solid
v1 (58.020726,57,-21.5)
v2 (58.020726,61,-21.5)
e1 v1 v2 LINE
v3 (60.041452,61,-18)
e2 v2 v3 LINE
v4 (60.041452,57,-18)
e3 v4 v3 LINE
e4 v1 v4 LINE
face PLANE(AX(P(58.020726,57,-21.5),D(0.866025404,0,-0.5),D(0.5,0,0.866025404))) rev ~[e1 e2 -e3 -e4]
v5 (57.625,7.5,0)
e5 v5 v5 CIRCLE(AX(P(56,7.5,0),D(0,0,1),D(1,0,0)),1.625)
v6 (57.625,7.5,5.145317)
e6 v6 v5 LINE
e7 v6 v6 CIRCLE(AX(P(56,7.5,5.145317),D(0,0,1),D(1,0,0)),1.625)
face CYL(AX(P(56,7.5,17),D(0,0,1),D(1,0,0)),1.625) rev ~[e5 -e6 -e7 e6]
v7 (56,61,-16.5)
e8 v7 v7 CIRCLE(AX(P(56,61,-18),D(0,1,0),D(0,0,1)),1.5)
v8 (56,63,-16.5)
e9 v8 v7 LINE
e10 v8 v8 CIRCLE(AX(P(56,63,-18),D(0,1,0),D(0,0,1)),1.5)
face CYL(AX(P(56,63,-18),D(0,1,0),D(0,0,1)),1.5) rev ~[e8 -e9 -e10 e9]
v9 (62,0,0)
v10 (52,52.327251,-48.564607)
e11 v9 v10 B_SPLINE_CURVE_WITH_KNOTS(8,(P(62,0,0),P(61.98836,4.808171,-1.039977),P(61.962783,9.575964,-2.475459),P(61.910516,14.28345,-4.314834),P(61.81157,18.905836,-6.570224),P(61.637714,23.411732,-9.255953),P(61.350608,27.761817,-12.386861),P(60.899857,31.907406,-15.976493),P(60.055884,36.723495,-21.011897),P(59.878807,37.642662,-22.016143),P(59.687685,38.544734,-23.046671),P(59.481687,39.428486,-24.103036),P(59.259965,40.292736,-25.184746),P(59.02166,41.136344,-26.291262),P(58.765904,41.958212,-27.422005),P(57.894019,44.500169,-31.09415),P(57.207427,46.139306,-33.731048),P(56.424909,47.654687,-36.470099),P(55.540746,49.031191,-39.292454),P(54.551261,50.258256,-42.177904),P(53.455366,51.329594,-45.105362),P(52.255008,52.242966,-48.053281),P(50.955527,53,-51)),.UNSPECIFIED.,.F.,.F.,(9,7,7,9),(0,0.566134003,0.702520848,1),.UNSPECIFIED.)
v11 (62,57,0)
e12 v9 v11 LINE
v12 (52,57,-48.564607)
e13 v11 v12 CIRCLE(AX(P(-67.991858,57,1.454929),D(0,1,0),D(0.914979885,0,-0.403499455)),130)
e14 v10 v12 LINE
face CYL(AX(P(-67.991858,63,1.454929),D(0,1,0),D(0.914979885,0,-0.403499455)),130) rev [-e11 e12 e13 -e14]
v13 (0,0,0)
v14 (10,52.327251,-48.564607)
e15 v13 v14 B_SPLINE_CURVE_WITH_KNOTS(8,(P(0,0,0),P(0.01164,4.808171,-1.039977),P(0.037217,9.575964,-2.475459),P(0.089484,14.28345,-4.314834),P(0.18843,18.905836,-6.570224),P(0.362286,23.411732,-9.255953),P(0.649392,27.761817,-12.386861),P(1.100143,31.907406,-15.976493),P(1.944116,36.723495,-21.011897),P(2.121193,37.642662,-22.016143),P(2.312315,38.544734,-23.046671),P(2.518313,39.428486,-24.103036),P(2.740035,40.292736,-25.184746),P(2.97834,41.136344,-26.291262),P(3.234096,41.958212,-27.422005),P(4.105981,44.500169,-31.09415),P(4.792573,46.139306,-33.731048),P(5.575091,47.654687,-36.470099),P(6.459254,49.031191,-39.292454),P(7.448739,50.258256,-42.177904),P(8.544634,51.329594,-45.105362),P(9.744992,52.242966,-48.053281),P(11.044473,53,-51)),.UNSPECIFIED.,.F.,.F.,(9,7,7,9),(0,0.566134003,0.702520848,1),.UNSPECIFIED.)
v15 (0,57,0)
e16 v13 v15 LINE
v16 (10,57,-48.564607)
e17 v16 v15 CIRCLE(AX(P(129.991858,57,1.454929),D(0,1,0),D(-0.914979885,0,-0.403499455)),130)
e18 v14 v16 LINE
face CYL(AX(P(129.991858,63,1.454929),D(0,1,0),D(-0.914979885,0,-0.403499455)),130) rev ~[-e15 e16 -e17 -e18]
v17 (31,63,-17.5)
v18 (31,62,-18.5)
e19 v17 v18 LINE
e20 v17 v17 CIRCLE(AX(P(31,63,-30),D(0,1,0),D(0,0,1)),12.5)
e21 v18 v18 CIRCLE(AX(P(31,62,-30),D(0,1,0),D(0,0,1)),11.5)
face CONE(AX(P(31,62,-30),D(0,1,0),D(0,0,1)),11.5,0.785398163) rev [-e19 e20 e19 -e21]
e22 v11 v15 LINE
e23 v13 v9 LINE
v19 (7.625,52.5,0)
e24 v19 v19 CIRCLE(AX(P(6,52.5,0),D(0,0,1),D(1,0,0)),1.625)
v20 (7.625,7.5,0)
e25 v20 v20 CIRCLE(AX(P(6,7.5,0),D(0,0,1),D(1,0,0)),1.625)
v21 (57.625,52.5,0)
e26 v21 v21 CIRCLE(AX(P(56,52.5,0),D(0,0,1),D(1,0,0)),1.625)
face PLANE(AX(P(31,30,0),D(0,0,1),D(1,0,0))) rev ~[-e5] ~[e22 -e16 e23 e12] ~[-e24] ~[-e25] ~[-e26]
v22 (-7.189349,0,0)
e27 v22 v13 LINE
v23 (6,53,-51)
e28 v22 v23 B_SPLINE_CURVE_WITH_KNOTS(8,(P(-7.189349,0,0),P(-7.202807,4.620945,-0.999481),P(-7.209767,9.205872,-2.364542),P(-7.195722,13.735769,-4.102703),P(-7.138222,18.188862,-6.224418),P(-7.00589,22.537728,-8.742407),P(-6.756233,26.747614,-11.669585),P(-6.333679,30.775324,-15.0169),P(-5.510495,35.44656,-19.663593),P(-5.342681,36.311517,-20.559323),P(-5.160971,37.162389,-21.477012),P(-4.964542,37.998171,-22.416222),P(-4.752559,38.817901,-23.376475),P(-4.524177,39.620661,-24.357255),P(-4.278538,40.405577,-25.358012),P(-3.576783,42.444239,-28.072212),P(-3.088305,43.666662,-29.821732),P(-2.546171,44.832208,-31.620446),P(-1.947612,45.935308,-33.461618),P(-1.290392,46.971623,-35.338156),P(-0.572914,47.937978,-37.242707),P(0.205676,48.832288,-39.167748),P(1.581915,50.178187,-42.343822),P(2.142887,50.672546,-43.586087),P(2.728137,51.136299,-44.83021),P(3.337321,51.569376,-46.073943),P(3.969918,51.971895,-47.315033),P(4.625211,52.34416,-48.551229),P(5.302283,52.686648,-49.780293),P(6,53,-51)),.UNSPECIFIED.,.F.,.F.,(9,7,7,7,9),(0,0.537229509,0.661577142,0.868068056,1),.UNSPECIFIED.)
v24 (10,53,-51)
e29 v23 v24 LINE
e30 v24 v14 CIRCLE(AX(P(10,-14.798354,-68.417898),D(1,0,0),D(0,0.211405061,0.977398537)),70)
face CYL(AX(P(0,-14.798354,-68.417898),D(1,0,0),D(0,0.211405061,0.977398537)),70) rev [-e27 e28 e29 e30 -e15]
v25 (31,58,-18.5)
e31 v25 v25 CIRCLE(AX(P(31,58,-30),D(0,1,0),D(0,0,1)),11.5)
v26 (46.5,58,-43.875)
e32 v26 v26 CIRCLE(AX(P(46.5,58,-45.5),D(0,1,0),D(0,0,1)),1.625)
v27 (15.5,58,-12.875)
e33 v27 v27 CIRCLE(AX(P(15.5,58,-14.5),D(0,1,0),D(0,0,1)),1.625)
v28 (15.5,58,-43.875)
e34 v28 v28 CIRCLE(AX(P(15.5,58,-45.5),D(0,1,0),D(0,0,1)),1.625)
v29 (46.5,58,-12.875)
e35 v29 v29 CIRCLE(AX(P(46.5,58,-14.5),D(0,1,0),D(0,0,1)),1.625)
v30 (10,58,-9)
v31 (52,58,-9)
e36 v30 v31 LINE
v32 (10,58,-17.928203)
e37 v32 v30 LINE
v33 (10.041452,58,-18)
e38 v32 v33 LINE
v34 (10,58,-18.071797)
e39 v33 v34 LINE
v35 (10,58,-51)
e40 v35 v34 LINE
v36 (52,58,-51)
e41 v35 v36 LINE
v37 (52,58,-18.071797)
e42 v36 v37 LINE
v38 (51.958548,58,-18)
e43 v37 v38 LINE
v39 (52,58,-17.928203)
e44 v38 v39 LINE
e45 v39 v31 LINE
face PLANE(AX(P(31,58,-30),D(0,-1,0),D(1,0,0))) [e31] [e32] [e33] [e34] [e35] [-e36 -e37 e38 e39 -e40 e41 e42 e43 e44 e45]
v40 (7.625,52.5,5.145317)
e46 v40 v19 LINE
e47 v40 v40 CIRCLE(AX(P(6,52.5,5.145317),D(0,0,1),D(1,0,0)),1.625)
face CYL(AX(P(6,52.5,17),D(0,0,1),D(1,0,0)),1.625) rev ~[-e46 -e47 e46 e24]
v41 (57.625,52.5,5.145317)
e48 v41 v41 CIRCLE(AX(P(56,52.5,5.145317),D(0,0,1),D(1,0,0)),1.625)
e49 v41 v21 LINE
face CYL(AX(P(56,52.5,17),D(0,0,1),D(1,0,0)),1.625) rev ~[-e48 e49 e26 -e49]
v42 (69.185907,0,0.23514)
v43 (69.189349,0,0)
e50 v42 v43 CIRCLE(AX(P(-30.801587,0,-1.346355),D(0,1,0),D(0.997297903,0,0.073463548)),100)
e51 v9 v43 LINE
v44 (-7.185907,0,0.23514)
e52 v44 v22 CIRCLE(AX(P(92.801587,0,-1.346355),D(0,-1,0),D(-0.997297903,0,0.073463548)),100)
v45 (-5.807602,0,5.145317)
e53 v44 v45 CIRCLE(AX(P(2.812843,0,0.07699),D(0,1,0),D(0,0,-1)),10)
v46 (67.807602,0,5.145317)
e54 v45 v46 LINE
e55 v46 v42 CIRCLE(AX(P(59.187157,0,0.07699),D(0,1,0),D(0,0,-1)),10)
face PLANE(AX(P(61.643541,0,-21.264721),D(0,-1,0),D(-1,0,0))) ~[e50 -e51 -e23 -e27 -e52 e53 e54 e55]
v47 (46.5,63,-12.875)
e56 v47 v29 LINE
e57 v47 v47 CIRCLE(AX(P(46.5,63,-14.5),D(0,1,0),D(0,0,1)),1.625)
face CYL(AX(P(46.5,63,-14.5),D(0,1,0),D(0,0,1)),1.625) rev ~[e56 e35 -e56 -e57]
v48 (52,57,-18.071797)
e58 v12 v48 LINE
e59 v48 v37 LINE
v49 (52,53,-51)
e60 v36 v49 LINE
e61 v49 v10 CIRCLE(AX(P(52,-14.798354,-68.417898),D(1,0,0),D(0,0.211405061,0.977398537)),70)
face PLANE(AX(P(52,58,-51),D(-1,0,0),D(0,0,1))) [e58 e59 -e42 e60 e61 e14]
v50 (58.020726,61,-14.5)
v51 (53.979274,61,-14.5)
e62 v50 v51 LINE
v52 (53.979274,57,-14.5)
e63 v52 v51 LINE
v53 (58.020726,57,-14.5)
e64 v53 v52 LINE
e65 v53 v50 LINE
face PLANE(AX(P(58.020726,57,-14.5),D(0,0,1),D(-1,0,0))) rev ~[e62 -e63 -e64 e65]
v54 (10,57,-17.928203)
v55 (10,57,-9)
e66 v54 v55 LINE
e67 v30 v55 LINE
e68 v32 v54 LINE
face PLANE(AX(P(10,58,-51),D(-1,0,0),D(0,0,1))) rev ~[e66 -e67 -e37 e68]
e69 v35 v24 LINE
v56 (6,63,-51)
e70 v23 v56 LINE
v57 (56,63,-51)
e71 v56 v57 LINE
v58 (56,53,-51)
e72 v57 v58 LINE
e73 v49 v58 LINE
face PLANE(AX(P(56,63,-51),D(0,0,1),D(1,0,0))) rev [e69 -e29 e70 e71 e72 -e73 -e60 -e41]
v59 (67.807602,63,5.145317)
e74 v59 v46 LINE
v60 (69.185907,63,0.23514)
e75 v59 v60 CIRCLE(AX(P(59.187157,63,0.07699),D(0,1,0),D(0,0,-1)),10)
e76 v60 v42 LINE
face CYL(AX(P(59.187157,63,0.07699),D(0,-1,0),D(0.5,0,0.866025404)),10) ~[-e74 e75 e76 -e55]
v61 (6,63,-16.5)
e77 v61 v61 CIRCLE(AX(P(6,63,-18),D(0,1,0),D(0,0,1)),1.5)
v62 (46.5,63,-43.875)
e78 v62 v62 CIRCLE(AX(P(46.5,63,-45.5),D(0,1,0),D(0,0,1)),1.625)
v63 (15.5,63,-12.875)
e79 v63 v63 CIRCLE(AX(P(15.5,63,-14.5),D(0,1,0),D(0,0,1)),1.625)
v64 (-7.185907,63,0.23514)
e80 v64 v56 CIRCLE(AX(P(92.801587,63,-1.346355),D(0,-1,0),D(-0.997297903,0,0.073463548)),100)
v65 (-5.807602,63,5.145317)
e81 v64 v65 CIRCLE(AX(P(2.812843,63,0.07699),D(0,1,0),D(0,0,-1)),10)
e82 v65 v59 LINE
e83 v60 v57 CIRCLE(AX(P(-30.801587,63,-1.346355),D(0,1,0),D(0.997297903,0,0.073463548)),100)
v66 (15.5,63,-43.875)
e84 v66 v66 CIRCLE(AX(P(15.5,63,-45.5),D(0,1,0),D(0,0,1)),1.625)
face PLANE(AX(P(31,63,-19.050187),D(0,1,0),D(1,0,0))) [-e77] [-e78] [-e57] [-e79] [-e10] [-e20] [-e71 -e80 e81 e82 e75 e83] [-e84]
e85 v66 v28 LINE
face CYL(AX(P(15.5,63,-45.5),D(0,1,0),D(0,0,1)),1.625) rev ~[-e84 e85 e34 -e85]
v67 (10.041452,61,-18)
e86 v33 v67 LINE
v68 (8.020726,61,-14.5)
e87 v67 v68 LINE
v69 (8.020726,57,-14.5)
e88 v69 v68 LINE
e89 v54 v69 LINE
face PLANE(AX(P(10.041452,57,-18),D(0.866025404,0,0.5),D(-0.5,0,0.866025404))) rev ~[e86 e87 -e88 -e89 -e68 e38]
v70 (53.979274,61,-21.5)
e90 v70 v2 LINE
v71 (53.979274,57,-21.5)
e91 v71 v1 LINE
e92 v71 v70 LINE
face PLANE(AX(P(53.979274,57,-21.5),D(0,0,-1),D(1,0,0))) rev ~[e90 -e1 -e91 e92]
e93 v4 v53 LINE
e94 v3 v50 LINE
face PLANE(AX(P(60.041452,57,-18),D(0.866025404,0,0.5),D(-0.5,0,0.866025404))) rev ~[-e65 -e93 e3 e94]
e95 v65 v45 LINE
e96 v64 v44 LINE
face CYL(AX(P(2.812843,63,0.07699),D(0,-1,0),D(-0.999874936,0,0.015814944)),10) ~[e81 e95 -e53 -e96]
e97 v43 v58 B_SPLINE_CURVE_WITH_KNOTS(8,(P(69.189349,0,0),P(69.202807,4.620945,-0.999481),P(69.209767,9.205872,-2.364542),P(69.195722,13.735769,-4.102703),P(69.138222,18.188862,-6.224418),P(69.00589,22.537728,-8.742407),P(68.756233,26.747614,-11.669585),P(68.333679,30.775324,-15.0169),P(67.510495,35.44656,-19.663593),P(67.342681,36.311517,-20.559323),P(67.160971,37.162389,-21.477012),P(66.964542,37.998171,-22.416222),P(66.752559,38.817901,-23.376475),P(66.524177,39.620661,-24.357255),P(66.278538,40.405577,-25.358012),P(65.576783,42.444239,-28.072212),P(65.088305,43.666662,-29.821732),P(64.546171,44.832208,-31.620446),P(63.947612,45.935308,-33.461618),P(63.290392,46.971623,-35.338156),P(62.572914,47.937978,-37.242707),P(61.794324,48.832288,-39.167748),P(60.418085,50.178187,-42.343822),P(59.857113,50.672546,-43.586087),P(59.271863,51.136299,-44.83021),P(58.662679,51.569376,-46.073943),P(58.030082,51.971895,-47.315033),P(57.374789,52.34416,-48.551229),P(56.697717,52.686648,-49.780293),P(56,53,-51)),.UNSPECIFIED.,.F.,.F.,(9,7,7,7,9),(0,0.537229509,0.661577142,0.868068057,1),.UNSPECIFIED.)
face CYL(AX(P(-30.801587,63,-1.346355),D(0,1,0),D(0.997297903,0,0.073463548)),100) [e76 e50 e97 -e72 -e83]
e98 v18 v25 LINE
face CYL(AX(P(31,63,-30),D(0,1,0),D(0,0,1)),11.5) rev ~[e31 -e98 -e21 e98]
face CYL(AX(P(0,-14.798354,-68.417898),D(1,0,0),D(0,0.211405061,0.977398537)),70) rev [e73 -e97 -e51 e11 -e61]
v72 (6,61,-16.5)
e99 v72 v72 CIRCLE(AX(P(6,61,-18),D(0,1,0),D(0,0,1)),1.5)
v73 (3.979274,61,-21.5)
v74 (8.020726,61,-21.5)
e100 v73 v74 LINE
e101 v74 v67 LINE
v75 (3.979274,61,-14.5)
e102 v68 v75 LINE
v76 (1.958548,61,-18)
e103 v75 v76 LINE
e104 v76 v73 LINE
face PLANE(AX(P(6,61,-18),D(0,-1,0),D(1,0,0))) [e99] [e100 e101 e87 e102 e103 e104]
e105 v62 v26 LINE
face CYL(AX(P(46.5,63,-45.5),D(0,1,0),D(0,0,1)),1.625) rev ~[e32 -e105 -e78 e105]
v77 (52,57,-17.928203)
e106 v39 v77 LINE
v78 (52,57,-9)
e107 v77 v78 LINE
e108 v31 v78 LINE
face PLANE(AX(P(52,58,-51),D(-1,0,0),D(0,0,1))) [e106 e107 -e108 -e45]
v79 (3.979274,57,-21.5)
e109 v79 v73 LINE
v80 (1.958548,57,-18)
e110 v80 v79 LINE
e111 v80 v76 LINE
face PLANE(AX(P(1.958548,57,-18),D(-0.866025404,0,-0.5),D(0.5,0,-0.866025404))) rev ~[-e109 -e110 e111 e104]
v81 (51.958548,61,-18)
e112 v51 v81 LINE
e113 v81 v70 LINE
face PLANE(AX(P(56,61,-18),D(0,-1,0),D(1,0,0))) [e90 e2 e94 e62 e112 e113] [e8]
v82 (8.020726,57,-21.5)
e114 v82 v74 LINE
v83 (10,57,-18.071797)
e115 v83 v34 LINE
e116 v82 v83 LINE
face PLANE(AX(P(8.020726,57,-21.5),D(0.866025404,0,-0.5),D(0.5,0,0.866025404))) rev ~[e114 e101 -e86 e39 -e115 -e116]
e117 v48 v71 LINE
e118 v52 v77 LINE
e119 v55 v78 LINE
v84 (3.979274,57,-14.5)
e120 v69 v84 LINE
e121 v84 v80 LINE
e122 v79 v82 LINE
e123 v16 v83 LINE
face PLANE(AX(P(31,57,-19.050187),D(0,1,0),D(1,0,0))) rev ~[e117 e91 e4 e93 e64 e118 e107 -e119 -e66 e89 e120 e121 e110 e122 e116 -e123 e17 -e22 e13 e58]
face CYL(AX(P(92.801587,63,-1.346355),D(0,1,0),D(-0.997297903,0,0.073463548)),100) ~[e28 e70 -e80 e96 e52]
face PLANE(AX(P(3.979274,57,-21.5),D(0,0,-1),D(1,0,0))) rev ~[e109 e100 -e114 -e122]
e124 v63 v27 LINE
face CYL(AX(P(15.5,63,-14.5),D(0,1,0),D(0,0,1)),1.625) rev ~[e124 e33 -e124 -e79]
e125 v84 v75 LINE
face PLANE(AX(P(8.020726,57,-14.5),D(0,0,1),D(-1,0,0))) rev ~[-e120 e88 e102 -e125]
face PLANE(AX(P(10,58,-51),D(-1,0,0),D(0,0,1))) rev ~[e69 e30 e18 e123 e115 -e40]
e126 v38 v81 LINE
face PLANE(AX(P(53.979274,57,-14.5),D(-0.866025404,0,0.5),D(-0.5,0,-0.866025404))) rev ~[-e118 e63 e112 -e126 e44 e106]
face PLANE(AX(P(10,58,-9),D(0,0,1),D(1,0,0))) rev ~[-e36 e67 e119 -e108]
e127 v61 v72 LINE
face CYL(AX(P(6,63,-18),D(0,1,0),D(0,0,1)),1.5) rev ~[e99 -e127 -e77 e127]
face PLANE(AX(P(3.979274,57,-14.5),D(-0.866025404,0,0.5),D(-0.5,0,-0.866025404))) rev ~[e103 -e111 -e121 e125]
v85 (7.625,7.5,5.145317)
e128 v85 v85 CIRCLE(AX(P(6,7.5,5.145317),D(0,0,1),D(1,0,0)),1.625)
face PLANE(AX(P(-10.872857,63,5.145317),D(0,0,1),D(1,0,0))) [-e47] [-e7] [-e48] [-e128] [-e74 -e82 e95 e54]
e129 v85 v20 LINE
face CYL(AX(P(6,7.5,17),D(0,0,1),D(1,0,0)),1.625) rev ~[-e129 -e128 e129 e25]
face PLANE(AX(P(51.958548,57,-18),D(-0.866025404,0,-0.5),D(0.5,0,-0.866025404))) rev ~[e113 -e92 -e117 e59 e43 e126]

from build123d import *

# Parameters (mm, degrees)
ESQUISSE1_W                  = 62
ESQUISSE1_H                  = 60
BOSS_EXTRU_1_DEPTH           = 10
ESQUISSE3_R                  = 5
BOSS_EXTRU_2_DEPTH           = 5
ESQUISSE4_R                  = 3.5
BOSS_EXTRU_3_DEPTH           = 2
ESQUISSE5_R                  = 1.625
ENL_V_MAT_EXTRU_2_DEPTH      = 88.93747779
BOSS_EXTRU_4_DEPTH           = 3
ESQUISSE9_R                  = 11.5
ESQUISSE9_R_2                = 1.625
ESQUISSE9_R_3                = 1.5
ENL_V_MAT_EXTRU_4_DEPTH      = 10
BOSS_EXTRU_6_DEPTH           = 63
ENL_V_MAT_EXTRU_6_DEPTH      = 4
ENL_V_MAT_EXTRU_7_DEPTH      = 102
ENL_V_MAT_EXTRU_8_DEPTH      = 23
ENL_V_MAT_EXTRU_8_DEPTH_BACK = 1
ESQUISSE19_W                 = 42
ESQUISSE19_H                 = 42
CHANFREIN1_SIZE              = 1
CONG_1_R                     = 10
ESQUISSE20_W                 = 78.680458436
ESQUISSE20_H                 = 17.435551952
ENL_V_MAT_EXTRU_9_DEPTH      = 107.575890285


with BuildPart() as part:
    # Esquisse1 → Boss.-Extru.1 (new body)
    with BuildSketch(Plane.XY):
        with Locations((31, 30)):
            Rectangle(ESQUISSE1_W, ESQUISSE1_H)
    extrude(amount=BOSS_EXTRU_1_DEPTH)

    # Esquisse3 → Boss.-Extru.2 (add)
    with BuildSketch(Plane.XY.offset(10)):
        with Locations(Location((6, 52.5, 0), (0, 0, 180))):
            Circle(ESQUISSE3_R)
        with Locations(Location((56, 7.5, 0), (0, 0, 180))):
            Circle(ESQUISSE3_R)
        with Locations(Location((6, 7.5, 0), (0, 0, 180))):
            Circle(ESQUISSE3_R)
        with Locations(Location((56, 52.5, 0), (0, 0, 180))):
            Circle(ESQUISSE3_R)
    extrude(amount=BOSS_EXTRU_2_DEPTH)

    # Esquisse4 → Boss.-Extru.3 (add)
    with BuildSketch(Plane.XY.offset(15)):
        with Locations((6, 52.5)):
            Circle(ESQUISSE4_R)
        with Locations((56, 52.5)):
            Circle(ESQUISSE4_R)
        with Locations((56, 7.5)):
            Circle(ESQUISSE4_R)
        with Locations((6, 7.5)):
            Circle(ESQUISSE4_R)
    extrude(amount=BOSS_EXTRU_3_DEPTH)

    # Esquisse5 → Enlèv. mat.-Extru.2 (cut, through all)
    with BuildSketch(Plane.XY.offset(17)):
        with Locations((6, 52.5)):
            Circle(ESQUISSE5_R)
        with Locations((56, 52.5)):
            Circle(ESQUISSE5_R)
        with Locations((56, 7.5)):
            Circle(ESQUISSE5_R)
        with Locations((6, 7.5)):
            Circle(ESQUISSE5_R)
    extrude(amount=-ENL_V_MAT_EXTRU_2_DEPTH, mode=Mode.SUBTRACT)

    # Esquisse7 → Boss.-Extru.4 (add, symmetric)
    with BuildSketch(Plane(origin=(0, 60, 0), x_dir=(1, 0, 0), z_dir=(0, 1, 0))):
        with BuildLine():
            Line((0, 0), (0, -10))
            Line((0, -10), (62, -10))
            Line((62, -10), (62, 0))
            ThreePointArc((62, 0), (61.543258885, 25.799206928), (56, 51))
            Line((56, 51), (6, 51))
            ThreePointArc((6, 51), (0.456741115, 25.799206928), (0, 0))
        make_face()
    extrude(amount=BOSS_EXTRU_4_DEPTH, both=True)

    # Esquisse9 → Enlèv. mat.-Extru.4 (cut)
    with BuildSketch(Plane(origin=(0, 63, 0), x_dir=(1, 0, 0), z_dir=(0, 1, 0))):
        with Locations(Location((31, 30, 0), (0, 0, 270))):
            Circle(ESQUISSE9_R)
        with Locations(Location((46.5, 14.5, 0), (0, 0, 270))):
            Circle(ESQUISSE9_R_2)
        with Locations(Location((15.5, 14.5, 0), (0, 0, 270))):
            Circle(ESQUISSE9_R_2)
        with Locations(Location((15.5, 45.5, 0), (0, 0, 270))):
            Circle(ESQUISSE9_R_2)
        with Locations(Location((46.5, 45.5, 0), (0, 0, 270))):
            Circle(ESQUISSE9_R_2)
        with Locations(Location((56, 18, 0), (0, 0, 270))):
            Circle(ESQUISSE9_R_3)
        with Locations(Location((6, 18, 0), (0, 0, 270))):
            Circle(ESQUISSE9_R_3)
    extrude(amount=-ENL_V_MAT_EXTRU_4_DEPTH, mode=Mode.SUBTRACT)

    # Esquisse14 → Boss.-Extru.6 (add)
    with BuildSketch(Plane(origin=(0, 63, 0), x_dir=(1, 0, 0), z_dir=(0, 1, 0))):
        with BuildLine():
            Line((0, 0), (0, -10))
            Line((0, -10), (-6.92820323, -6))
            ThreePointArc((-6.92820323, -6), (-4.721429116, 23.465606932), (6, 51))
            Line((6, 51), (11.044473074, 51))
            ThreePointArc((11.044473074, 51), (2.937001082, 26.059854184), (0, 0))
        make_face()
    boss_extru_6 = extrude(amount=-BOSS_EXTRU_6_DEPTH)

    # Symétrie1: Boss.-Extru.6 across plane
    add(boss_extru_6.mirror(Plane(origin=(31, 0, 0), x_dir=(0, 0, 1), z_dir=(1, 0, 0))))

    # Esquisse16 → Enlèv. mat.-Extru.6 (cut)
    with BuildSketch(Plane.XZ.offset(-57)):
        Polygon((10.041451884, -18), (8.020725942, -14.5), (3.979274058, -14.5), (1.958548116, -18), (3.979274058, -21.5), (8.020725942, -21.5), align=None)
        Polygon((60.041451884, -18), (58.020725942, -14.5), (53.979274058, -14.5), (51.958548116, -18), (53.979274058, -21.5), (58.020725942, -21.5), align=None)
    extrude(amount=-ENL_V_MAT_EXTRU_6_DEPTH, mode=Mode.SUBTRACT)

    # Esquisse18 → Enlèv. mat.-Extru.7 (cut, symmetric)
    with BuildSketch(Plane(origin=(0, 0, 0), x_dir=(0, 0, -1), z_dir=(1, 0, 0))):
        with BuildLine():
            Line((51, 53), (51, 0))
            Line((51, 0), (0, 0))
            ThreePointArc((0, 0), (17.977874458, 33.738271748), (51, 53))
        make_face()
    extrude(amount=ENL_V_MAT_EXTRU_7_DEPTH, both=True, mode=Mode.SUBTRACT)

    # Esquisse19 → Enlèv. mat.-Extru.8 (cut, two sides: drawn at the far end of the back side and taken through both)
    with BuildSketch(Plane.XZ.offset(-57).offset(-ENL_V_MAT_EXTRU_8_DEPTH_BACK)):
        with Locations((31, -30)):
            Rectangle(ESQUISSE19_W, ESQUISSE19_H)
    extrude(amount=ENL_V_MAT_EXTRU_8_DEPTH + ENL_V_MAT_EXTRU_8_DEPTH_BACK, mode=Mode.SUBTRACT)

    # Chanfrein1
    chanfrein1_edges = [part.edges().sort_by_distance(p)[0] for p in [
        (31, 63, -41.5),
    ]]
    chamfer(chanfrein1_edges, length=CHANFREIN1_SIZE)

    # Congé1
    cong_1_edges = [part.edges().sort_by_distance(p)[0] for p in [
        (-6.92820323, 31.5, 6),
        (68.92820323, 31.5, 6),
    ]]
    fillet(cong_1_edges, radius=CONG_1_R)

    # Esquisse20 → Enlèv. mat.-Extru.9 (cut, through all)
    with BuildSketch(Plane(origin=(0, 63, 0), x_dir=(1, 0, 0), z_dir=(0, 1, 0))):
        with Locations((28.467372623, -13.863092679)):
            Rectangle(ESQUISSE20_W, ESQUISSE20_H)
    extrude(amount=-ENL_V_MAT_EXTRU_9_DEPTH, mode=Mode.SUBTRACT)


solid = part.part
